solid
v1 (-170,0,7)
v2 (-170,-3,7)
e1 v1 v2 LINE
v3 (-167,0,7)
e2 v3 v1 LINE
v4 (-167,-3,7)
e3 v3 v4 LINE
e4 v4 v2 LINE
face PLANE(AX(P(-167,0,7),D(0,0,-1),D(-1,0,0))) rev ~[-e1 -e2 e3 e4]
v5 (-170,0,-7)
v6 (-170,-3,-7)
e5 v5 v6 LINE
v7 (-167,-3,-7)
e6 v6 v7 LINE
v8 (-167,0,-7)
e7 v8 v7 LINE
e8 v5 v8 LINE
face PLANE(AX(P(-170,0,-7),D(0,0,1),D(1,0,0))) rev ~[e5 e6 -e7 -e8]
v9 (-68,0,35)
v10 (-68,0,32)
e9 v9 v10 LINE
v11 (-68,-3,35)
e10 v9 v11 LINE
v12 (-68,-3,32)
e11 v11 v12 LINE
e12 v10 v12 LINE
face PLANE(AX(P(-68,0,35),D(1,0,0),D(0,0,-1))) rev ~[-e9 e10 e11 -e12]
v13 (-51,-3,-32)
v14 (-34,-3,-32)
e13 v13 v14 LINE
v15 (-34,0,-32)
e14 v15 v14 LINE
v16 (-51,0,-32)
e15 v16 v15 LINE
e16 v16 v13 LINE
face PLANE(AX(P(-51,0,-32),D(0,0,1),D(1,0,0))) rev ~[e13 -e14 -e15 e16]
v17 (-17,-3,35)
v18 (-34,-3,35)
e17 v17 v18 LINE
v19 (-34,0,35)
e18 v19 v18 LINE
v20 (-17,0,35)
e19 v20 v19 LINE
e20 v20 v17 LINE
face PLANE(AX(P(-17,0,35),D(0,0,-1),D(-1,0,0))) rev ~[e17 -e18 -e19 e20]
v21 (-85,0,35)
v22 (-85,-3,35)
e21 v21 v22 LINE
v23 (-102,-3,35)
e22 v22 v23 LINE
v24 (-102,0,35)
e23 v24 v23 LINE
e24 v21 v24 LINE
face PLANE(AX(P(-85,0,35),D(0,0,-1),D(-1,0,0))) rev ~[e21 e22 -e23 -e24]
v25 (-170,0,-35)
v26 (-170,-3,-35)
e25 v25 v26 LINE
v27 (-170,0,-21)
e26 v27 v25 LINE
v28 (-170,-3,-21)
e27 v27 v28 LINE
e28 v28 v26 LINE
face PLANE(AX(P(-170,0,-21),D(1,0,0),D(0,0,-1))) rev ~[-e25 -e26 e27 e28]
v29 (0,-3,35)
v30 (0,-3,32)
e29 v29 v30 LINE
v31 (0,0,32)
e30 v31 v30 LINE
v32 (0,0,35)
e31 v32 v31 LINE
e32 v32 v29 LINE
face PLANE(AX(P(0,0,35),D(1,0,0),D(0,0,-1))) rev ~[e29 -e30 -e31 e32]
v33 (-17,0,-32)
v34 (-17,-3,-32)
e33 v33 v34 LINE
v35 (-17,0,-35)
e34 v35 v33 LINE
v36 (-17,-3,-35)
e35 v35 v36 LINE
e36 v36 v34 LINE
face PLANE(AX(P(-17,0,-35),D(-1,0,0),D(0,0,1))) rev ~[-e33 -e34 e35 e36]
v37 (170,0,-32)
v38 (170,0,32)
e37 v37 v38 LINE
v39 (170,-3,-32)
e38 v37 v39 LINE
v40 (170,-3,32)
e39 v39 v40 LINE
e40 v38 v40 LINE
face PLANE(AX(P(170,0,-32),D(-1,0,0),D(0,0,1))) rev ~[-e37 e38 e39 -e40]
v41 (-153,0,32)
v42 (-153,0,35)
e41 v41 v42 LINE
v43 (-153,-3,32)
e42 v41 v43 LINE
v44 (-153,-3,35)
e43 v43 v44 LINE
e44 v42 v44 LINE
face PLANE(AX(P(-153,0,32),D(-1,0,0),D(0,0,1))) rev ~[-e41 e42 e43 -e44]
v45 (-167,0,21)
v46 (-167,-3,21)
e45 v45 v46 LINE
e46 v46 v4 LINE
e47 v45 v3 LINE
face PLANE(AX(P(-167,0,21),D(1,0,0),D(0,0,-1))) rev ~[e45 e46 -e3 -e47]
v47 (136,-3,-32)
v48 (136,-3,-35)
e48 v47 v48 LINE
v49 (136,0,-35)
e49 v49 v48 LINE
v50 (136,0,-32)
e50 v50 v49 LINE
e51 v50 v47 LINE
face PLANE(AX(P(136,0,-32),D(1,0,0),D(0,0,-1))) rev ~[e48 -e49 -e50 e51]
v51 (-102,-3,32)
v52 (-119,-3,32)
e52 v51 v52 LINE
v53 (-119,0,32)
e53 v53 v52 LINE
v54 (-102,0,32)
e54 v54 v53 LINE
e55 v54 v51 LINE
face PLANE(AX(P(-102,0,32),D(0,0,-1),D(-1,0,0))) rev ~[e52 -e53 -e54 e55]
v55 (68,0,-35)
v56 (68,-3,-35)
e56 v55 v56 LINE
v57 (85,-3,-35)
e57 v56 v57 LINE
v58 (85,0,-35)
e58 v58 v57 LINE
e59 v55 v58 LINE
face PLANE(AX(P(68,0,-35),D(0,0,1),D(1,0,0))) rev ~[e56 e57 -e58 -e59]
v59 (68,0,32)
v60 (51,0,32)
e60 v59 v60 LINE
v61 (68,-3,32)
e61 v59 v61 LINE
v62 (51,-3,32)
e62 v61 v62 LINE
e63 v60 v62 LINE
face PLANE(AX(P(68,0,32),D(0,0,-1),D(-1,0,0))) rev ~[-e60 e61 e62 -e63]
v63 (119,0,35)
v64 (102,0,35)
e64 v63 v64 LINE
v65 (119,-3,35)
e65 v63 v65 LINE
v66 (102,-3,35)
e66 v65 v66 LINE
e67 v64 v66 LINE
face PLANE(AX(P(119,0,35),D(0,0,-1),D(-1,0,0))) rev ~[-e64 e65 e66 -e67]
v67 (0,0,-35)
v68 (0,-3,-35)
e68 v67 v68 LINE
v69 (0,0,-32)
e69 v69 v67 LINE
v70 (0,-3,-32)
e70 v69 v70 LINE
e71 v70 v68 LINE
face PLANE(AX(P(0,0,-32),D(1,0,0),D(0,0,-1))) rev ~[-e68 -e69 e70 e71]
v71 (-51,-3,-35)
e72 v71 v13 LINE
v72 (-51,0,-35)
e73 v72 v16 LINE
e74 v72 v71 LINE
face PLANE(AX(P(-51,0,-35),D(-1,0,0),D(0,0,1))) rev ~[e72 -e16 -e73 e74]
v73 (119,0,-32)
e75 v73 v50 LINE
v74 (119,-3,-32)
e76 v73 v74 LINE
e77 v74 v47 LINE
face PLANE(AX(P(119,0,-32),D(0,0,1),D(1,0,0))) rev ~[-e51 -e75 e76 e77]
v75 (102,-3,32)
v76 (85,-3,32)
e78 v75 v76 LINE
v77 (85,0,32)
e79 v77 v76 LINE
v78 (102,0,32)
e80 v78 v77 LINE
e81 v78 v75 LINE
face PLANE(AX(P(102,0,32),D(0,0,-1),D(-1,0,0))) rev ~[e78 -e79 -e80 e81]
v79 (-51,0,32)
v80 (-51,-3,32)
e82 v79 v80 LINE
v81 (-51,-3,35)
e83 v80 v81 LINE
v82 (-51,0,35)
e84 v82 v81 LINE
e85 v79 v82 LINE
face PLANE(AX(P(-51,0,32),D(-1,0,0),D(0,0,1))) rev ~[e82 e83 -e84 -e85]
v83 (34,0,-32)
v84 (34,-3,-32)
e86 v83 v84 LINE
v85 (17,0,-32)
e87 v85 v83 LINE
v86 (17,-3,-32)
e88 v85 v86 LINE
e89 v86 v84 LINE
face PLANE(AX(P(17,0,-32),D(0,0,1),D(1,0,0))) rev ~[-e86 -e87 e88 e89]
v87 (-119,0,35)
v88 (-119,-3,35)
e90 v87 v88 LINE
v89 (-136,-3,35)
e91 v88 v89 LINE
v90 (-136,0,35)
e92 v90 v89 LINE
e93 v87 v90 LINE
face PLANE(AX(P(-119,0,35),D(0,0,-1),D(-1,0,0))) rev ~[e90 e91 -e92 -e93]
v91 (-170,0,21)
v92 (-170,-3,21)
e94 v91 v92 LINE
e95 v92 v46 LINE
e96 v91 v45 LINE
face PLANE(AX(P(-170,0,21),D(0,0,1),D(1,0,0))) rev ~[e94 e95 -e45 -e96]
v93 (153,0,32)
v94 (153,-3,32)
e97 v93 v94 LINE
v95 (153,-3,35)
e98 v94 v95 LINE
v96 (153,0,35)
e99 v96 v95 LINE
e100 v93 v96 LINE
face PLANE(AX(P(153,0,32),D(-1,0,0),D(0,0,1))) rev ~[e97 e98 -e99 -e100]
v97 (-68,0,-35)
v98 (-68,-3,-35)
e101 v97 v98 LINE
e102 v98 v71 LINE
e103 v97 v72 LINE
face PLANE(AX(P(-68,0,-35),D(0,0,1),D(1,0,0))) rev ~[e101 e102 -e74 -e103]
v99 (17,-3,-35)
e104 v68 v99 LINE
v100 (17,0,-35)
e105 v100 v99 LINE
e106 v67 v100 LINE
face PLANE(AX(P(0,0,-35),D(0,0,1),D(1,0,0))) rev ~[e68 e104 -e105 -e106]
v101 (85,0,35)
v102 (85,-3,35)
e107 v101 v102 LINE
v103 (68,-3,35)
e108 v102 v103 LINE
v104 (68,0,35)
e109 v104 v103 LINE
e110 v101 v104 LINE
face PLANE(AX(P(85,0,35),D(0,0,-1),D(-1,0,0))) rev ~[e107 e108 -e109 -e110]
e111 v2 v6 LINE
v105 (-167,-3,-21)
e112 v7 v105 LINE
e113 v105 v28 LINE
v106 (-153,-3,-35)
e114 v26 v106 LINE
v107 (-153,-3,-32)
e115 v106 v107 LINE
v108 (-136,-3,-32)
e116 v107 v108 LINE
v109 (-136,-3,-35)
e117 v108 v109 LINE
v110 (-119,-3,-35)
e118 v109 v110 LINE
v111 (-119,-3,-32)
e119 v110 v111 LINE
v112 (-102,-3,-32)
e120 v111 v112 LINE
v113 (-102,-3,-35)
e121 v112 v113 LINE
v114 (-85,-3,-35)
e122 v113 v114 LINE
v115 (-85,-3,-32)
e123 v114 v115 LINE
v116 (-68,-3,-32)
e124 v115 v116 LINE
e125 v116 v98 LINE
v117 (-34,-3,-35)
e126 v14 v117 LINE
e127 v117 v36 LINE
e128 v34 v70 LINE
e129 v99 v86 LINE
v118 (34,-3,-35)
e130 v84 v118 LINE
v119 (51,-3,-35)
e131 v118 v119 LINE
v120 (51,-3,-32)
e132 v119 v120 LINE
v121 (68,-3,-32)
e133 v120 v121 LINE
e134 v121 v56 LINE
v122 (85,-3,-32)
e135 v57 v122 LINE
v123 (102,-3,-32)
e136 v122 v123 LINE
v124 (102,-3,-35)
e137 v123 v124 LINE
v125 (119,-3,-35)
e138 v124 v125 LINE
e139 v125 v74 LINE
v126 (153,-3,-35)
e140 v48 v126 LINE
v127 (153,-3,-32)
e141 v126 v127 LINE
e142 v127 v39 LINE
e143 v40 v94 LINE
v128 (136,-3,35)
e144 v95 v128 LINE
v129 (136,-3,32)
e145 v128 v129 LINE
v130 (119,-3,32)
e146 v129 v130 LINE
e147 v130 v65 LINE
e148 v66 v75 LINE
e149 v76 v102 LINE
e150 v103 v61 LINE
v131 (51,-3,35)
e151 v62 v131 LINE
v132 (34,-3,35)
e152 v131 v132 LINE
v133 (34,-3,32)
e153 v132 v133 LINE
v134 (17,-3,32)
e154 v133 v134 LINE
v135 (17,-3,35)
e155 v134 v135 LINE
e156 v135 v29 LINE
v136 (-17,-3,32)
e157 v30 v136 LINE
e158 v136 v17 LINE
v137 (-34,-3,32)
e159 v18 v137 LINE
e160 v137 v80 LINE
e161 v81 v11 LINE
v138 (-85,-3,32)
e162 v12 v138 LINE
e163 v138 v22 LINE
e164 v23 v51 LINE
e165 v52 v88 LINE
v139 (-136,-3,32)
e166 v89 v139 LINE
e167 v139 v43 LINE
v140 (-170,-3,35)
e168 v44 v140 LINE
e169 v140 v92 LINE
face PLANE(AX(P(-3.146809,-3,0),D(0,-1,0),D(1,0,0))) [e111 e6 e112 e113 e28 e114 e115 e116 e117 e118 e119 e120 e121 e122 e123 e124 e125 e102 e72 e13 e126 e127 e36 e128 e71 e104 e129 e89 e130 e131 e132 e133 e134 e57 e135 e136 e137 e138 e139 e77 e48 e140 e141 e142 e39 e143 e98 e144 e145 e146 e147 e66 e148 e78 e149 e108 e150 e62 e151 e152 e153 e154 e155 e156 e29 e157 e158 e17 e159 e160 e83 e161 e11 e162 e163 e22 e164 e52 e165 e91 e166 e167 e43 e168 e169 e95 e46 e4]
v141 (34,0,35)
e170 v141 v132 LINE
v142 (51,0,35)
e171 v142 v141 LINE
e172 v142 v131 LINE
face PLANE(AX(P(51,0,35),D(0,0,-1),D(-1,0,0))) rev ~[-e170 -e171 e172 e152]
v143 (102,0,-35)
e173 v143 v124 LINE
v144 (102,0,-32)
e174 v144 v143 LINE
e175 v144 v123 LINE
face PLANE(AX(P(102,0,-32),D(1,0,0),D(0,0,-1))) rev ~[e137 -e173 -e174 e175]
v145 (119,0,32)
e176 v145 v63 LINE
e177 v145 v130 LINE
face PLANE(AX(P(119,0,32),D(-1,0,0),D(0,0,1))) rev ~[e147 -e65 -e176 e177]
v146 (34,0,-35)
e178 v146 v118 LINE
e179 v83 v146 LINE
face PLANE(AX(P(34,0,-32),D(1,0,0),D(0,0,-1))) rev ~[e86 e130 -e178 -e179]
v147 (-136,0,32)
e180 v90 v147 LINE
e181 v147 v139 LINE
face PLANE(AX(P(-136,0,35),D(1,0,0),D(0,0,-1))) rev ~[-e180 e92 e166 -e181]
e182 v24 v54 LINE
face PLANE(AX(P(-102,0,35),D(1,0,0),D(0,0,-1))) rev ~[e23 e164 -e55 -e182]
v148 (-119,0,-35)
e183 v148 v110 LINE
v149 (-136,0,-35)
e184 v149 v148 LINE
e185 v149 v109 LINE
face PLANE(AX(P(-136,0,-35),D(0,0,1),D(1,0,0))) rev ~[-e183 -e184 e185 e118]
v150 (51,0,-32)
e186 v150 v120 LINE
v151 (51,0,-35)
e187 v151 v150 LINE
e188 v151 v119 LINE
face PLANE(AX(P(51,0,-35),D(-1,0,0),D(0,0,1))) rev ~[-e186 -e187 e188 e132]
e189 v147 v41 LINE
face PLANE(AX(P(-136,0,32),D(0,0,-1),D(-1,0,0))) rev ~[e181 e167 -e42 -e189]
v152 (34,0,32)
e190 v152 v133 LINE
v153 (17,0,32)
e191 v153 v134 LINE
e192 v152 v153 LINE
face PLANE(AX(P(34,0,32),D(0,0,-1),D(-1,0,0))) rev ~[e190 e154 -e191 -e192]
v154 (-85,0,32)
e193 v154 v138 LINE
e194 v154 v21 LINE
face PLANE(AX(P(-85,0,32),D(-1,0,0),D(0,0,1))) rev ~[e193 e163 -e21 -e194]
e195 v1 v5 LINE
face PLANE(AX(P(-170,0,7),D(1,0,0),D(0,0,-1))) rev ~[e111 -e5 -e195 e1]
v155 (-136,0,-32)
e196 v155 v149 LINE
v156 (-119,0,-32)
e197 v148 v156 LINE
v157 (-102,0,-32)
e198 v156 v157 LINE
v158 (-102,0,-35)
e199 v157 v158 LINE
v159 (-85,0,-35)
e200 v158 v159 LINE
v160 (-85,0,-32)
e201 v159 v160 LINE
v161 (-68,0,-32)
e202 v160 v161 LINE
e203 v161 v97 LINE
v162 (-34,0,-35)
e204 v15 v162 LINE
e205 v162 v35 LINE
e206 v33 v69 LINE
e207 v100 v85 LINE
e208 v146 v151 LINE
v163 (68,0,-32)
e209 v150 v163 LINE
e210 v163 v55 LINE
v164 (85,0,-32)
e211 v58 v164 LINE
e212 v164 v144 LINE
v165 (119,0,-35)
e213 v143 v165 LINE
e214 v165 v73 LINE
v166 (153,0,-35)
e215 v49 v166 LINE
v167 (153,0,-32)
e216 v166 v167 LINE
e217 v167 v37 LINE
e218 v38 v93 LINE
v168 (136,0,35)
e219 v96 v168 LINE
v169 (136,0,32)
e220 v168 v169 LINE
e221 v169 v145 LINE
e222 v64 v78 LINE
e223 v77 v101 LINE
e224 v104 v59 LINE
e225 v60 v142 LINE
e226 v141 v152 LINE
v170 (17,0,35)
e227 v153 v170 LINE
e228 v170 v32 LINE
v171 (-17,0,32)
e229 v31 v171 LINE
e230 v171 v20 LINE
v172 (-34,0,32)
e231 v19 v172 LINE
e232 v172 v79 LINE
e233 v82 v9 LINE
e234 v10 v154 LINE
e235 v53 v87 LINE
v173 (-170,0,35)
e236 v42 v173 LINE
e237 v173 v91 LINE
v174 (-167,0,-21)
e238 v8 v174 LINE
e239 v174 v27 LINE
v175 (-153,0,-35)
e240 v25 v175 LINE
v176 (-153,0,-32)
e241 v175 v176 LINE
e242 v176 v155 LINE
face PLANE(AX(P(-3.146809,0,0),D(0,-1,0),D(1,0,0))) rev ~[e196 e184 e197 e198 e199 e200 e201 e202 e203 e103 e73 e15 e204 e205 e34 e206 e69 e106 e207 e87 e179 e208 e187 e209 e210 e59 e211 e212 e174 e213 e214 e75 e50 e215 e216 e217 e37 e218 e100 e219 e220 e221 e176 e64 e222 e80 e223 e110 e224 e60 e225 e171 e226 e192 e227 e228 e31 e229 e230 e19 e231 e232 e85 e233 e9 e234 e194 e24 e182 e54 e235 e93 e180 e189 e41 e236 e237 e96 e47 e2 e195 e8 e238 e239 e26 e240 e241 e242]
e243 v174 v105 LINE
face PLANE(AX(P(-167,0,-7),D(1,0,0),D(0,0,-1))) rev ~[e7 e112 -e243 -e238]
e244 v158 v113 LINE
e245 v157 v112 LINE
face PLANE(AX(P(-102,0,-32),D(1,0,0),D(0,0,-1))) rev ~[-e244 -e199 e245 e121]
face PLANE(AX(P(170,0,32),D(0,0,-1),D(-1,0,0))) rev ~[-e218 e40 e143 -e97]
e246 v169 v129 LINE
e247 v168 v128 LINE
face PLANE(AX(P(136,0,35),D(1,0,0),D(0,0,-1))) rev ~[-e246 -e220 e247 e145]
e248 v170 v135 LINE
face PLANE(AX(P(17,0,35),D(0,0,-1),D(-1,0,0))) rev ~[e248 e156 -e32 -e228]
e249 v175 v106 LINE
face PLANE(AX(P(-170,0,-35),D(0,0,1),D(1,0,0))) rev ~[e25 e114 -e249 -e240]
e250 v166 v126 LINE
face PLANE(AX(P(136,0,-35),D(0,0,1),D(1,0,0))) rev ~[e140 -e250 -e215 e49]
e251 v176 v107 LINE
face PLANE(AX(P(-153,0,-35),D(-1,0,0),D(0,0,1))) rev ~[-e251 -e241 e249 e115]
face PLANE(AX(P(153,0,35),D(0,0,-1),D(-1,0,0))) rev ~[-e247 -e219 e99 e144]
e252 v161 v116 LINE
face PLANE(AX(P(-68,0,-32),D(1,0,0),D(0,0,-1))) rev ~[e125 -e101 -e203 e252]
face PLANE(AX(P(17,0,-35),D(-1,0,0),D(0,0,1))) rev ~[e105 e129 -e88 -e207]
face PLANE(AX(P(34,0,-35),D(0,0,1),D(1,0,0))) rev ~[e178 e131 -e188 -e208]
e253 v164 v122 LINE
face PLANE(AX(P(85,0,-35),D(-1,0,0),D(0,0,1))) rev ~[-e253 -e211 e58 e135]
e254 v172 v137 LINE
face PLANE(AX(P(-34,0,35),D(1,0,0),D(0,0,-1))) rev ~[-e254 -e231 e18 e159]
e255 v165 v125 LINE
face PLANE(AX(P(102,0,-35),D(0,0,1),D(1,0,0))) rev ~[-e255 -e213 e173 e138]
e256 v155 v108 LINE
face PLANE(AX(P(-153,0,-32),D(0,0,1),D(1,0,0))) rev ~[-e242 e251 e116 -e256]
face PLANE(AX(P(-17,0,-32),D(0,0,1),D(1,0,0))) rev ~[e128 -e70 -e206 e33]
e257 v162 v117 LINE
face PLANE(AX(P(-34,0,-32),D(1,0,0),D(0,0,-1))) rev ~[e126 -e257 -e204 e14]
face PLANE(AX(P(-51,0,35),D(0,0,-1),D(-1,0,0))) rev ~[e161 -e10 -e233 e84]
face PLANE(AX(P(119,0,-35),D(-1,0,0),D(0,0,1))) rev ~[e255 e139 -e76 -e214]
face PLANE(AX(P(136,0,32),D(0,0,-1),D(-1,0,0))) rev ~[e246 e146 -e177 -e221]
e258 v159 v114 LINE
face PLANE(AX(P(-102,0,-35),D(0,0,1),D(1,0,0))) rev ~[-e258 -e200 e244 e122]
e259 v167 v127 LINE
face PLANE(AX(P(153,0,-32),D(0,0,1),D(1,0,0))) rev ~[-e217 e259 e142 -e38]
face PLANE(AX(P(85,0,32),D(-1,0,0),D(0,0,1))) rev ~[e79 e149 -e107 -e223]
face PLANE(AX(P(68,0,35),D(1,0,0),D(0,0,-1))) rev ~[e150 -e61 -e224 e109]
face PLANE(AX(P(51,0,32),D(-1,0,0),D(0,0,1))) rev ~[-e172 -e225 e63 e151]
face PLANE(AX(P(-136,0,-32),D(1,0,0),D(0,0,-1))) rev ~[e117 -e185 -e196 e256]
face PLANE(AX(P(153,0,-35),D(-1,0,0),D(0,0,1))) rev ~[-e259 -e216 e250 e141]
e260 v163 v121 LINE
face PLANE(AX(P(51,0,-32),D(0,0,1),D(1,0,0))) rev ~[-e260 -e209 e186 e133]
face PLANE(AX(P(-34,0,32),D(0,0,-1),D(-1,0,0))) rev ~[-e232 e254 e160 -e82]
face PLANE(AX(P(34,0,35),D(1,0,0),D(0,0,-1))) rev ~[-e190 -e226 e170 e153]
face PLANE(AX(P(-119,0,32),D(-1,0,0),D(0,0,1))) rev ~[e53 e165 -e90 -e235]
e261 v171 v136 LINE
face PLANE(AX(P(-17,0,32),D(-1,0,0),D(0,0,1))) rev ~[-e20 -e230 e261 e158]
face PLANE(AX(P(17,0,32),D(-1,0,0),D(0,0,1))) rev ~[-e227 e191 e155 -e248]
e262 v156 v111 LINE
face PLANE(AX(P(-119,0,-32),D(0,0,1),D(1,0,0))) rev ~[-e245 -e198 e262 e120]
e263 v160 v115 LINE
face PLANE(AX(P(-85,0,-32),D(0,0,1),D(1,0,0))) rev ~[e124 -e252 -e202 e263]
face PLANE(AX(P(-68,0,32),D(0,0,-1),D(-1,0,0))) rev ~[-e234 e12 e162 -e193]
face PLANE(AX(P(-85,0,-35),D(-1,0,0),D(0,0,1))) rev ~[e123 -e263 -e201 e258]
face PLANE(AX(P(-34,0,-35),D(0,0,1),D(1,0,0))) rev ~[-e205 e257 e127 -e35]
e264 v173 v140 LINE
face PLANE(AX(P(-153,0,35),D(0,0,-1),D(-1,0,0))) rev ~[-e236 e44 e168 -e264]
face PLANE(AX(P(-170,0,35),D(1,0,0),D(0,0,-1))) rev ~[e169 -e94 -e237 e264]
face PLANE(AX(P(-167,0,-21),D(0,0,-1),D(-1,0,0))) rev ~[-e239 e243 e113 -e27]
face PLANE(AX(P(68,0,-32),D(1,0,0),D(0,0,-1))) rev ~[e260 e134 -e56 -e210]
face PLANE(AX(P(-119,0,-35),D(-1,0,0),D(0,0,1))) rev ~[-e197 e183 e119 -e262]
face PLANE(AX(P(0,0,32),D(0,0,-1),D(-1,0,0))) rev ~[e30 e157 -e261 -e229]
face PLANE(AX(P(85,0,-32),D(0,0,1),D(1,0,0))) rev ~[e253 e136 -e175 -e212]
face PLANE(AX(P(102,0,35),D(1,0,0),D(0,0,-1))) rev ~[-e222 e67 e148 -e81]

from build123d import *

# Parameters (mm, degrees)
F1_DEPTH = 3


with BuildPart() as f1:
    # F0 (on Front) → F1 (new body)
    with BuildSketch(Plane.XZ):
        Polygon((153, 32), (153, 35), (136, 35), (136, 32), (119, 32), (119, 35), (102, 35), (102, 32), (85, 32), (85, 35), (68, 35), (68, 32), (51, 32), (51, 35), (34, 35), (34, 32), (17, 32), (17, 35), (0, 35), (0, 32), (-17, 32), (-17, 35), (-34, 35), (-34, 32), (-51, 32), (-51, 35), (-68, 35), (-68, 32), (-85, 32), (-85, 35), (-102, 35), (-102, 32), (-119, 32), (-119, 35), (-136, 35), (-136, 32), (-153, 32), (-153, 35), (-170, 35), (-170, 21), (-167, 21), (-167, 7), (-170, 7), (-170, -7), (-167, -7), (-167, -21), (-170, -21), (-170, -35), (-153, -35), (-153, -32), (-136, -32), (-136, -35), (-119, -35), (-119, -32), (-102, -32), (-102, -35), (-85, -35), (-85, -32), (-68, -32), (-68, -35), (-51, -35), (-51, -32), (-34, -32), (-34, -35), (-17, -35), (-17, -32), (0, -32), (0, -35), (17, -35), (17, -32), (34, -32), (34, -35), (51, -35), (51, -32), (68, -32), (68, -35), (85, -35), (85, -32), (102, -32), (102, -35), (119, -35), (119, -32), (136, -32), (136, -35), (153, -35), (153, -32), (170, -32), (170, 32), align=None)
    extrude(amount=F1_DEPTH)


solid = f1.part
